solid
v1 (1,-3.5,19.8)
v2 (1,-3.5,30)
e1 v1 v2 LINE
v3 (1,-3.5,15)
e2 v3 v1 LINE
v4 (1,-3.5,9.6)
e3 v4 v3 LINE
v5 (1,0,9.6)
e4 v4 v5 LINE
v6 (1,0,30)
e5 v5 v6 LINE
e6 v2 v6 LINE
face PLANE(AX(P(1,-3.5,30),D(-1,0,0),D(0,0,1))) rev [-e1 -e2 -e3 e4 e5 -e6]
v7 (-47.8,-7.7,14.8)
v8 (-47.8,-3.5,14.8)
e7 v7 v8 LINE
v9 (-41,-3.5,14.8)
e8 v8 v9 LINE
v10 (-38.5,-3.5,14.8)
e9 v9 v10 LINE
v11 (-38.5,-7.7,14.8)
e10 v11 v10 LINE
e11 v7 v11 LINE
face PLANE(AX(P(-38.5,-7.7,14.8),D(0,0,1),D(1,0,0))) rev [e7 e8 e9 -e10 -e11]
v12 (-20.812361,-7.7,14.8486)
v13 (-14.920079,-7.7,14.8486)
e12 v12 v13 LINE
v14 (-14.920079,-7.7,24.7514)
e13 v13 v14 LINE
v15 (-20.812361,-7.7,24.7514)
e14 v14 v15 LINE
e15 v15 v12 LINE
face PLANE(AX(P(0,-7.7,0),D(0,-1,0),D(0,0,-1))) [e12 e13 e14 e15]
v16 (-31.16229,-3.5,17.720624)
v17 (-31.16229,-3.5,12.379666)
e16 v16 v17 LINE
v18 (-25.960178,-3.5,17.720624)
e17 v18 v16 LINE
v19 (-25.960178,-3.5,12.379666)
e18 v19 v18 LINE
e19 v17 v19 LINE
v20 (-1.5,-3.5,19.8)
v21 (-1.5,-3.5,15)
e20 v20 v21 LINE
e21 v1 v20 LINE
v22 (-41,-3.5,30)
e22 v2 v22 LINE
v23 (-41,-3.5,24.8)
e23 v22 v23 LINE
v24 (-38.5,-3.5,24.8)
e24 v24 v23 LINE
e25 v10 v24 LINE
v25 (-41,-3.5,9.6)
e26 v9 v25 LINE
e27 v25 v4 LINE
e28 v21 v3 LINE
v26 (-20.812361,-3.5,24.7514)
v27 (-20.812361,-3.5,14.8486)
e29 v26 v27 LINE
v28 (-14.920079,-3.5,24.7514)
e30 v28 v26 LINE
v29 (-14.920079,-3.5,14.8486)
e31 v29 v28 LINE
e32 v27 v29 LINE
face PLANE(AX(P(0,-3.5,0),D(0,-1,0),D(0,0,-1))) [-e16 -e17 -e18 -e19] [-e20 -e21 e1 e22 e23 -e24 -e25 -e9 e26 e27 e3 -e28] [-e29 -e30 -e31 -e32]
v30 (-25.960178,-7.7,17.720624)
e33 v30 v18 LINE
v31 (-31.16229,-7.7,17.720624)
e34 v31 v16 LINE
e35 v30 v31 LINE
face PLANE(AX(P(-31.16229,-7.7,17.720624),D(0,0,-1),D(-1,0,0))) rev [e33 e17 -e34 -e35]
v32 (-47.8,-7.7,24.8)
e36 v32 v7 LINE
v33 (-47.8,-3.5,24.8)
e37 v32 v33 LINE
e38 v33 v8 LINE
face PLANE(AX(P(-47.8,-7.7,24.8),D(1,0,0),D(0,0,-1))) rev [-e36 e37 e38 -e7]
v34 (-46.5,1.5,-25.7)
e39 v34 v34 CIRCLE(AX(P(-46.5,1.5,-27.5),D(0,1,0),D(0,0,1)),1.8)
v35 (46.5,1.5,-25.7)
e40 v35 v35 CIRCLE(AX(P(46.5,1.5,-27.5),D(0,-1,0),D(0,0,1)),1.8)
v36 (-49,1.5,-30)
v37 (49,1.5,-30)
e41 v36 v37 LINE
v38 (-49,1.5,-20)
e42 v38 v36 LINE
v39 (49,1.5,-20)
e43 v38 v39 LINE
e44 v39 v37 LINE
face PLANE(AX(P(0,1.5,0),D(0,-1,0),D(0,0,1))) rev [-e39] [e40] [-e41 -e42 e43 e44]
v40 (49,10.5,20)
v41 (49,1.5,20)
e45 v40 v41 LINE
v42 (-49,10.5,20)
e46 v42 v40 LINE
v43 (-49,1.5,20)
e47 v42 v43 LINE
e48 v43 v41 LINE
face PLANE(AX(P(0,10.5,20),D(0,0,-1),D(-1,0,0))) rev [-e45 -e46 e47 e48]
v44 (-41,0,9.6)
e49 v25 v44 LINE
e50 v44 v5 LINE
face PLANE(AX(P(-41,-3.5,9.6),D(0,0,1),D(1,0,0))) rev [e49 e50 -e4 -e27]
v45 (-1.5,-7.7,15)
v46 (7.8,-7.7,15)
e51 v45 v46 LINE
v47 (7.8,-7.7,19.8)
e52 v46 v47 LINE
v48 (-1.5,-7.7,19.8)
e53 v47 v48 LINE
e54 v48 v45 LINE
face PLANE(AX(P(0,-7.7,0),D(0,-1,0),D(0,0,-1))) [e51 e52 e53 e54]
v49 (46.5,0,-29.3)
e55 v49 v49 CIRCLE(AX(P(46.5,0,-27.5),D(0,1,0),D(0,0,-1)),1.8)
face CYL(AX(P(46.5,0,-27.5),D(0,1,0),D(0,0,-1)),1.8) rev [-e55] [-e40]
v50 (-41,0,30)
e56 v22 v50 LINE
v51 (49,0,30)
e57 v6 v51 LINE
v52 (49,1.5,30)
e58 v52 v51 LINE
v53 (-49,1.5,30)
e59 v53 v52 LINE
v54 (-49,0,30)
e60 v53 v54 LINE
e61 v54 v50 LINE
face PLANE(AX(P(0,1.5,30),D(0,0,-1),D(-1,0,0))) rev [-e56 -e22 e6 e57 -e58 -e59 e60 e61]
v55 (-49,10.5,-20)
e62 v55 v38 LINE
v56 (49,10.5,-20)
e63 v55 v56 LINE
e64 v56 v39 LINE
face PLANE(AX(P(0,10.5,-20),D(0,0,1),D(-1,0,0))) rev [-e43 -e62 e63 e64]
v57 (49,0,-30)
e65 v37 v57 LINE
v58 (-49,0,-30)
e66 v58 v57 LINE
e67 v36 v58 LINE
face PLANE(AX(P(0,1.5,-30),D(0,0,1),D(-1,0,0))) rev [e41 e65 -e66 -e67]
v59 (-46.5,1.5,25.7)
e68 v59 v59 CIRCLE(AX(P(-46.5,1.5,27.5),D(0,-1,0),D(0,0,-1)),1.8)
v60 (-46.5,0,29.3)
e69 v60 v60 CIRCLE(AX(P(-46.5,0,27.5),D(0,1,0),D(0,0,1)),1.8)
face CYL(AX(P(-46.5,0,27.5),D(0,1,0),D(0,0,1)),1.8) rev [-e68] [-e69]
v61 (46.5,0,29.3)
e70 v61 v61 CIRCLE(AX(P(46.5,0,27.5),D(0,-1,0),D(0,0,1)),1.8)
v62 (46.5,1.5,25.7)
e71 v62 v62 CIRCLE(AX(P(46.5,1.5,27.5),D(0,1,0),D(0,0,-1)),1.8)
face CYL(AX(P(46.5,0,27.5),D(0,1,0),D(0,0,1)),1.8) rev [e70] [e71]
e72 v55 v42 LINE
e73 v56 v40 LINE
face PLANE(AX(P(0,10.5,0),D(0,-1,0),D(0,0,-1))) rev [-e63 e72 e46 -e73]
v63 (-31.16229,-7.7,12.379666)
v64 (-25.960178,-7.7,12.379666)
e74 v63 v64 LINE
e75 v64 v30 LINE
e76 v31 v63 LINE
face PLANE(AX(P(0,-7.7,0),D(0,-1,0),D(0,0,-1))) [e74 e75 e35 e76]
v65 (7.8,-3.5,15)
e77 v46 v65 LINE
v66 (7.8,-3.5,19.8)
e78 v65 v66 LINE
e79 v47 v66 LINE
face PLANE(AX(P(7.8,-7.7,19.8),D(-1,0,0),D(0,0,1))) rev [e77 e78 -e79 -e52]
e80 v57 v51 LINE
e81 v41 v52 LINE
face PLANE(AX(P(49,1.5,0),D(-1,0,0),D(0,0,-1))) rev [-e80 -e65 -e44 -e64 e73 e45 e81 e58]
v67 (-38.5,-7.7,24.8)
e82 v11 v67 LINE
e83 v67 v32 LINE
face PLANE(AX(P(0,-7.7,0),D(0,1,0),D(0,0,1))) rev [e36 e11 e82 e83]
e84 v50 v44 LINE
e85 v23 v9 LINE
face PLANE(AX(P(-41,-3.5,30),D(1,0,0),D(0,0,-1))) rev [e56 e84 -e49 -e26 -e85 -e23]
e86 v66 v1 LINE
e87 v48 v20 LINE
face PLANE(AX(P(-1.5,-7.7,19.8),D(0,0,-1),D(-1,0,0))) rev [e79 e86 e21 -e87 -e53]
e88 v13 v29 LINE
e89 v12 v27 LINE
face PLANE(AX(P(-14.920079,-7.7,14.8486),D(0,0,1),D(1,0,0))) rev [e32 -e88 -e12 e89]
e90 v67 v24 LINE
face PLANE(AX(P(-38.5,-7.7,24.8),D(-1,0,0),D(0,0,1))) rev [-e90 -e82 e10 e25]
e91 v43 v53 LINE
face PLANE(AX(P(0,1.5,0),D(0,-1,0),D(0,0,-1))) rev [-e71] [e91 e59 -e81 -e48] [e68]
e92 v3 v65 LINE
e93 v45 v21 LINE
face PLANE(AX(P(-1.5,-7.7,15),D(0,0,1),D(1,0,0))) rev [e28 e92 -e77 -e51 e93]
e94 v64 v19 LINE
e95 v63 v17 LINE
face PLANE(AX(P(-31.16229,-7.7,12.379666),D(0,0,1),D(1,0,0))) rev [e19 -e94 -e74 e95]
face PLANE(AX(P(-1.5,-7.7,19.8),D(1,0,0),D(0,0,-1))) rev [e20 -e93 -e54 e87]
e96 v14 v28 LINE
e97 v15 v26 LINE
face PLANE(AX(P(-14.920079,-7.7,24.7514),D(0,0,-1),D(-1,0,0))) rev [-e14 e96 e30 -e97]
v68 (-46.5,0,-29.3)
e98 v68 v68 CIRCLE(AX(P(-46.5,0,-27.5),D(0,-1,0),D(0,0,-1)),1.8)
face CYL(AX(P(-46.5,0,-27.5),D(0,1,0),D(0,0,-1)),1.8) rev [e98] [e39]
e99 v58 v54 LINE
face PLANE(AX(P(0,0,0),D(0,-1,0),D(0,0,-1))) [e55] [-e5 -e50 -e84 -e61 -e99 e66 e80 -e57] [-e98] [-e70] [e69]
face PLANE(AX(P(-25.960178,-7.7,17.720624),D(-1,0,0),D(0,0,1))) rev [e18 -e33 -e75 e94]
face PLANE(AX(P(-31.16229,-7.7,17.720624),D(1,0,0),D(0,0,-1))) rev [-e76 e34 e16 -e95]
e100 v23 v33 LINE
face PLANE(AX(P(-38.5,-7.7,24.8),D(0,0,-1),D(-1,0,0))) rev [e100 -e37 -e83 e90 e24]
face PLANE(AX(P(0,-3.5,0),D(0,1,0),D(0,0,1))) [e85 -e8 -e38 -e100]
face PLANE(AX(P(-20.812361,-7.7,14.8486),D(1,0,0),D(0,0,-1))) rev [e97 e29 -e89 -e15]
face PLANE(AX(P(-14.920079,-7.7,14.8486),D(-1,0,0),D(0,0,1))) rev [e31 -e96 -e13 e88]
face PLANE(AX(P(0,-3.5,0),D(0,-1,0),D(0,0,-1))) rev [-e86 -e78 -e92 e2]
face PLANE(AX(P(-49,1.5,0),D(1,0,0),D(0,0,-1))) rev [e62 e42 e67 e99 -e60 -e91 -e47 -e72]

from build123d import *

# Parameters (mm, degrees)
SKIZZE1_W                            = 49
SKIZZE1_H                            = 30
AUFSATZ_LINEAR_AUSTRAGEN1_DEPTH      = 1.5
SKIZZE2_W                            = 49
SKIZZE2_H                            = 20
AUFSATZ_LINEAR_AUSTRAGEN2_DEPTH      = 9
SKIZZE3_R                            = 1.8
SCHNITT_LINEAR_AUSTRAGEN1_DEPTH      = 10
SCHNITT_LINEAR_AUSTRAGEN1_DEPTH_BACK = 2.5
SKIZZE4_W                            = 42
SKIZZE4_H                            = 20.4
AUFSATZ_LINEAR_AUSTRAGEN3_DEPTH      = 3.5
SKIZZE5_W                            = 9.3
SKIZZE5_H                            = 10
SKIZZE5_W_2                          = 5.202111929
SKIZZE5_H_2                          = 5.340958118
SKIZZE5_W_3                          = 5.892281305
SKIZZE5_H_3                          = 9.90280044
SKIZZE5_H_4                          = 4.8
AUFSATZ_LINEAR_AUSTRAGEN4_DEPTH      = 4.2


with BuildPart() as part:
    # Skizze1 → Aufsatz-Linear austragen1 (new body)
    with BuildSketch(Plane(origin=(0, 0, 0), x_dir=(1, 0, 0), z_dir=(0, 1, 0))):
        with Locations((-24.5, -15)):
            Rectangle(SKIZZE1_W, SKIZZE1_H)
    extrude(amount=AUFSATZ_LINEAR_AUSTRAGEN1_DEPTH)

    # Skizze2 → Aufsatz-Linear austragen2 (add)
    with BuildSketch(Plane(origin=(0, 1.5, 0), x_dir=(1, 0, 0), z_dir=(0, 1, 0))):
        with Locations((-24.5, -10)):
            Rectangle(SKIZZE2_W, SKIZZE2_H)
    extrude(amount=AUFSATZ_LINEAR_AUSTRAGEN2_DEPTH)

    # Skizze3 → Schnitt-Linear austragen1 (cut, two sides)
    with BuildSketch(Plane(origin=(0, 1.5, 0), x_dir=(1, 0, 0), z_dir=(0, 1, 0))) as schnitt_linear_austragen1_sk:
        with Locations((-46.5, -27.5)):
            Circle(SKIZZE3_R)
    extrude(amount=SCHNITT_LINEAR_AUSTRAGEN1_DEPTH, mode=Mode.SUBTRACT)
    extrude(schnitt_linear_austragen1_sk.sketch, amount=-SCHNITT_LINEAR_AUSTRAGEN1_DEPTH_BACK, mode=Mode.SUBTRACT)

    # Spiegeln1: part across plane


with BuildPart() as part_1:
    add(part.part)
    add(part.part.mirror(Plane(origin=(0, 1.5, 0), x_dir=(0, 0, 1), z_dir=(-1, 0, 0))))

    # Spiegeln2: part across plane


with BuildPart() as part_2:
    add(part_1.part)
    add(part_1.part.mirror(Plane(origin=(0, 1.5, 0), x_dir=(1, 0, 0), z_dir=(0, 0, 1))))

    # Skizze4 → Aufsatz-Linear austragen3 (add)
    with BuildSketch(Plane.XZ):
        with Locations((-20, 19.8)):
            Rectangle(SKIZZE4_W, SKIZZE4_H)
    extrude(amount=AUFSATZ_LINEAR_AUSTRAGEN3_DEPTH)

    # Skizze5 → Aufsatz-Linear austragen4 (add)
    with BuildSketch(Plane.XZ.offset(3.5)):
        with Locations((-43.15, 19.8)):
            Rectangle(SKIZZE5_W, SKIZZE5_H)
        with Locations((-28.561234427, 15.050145035)):
            Rectangle(SKIZZE5_W_2, SKIZZE5_H_2)
        with Locations((-17.866219882, 19.8)):
            Rectangle(SKIZZE5_W_3, SKIZZE5_H_3)
        with Locations((3.15, 17.4)):
            Rectangle(SKIZZE5_W, SKIZZE5_H_4)
    extrude(amount=AUFSATZ_LINEAR_AUSTRAGEN4_DEPTH)


solid = part_2.part
